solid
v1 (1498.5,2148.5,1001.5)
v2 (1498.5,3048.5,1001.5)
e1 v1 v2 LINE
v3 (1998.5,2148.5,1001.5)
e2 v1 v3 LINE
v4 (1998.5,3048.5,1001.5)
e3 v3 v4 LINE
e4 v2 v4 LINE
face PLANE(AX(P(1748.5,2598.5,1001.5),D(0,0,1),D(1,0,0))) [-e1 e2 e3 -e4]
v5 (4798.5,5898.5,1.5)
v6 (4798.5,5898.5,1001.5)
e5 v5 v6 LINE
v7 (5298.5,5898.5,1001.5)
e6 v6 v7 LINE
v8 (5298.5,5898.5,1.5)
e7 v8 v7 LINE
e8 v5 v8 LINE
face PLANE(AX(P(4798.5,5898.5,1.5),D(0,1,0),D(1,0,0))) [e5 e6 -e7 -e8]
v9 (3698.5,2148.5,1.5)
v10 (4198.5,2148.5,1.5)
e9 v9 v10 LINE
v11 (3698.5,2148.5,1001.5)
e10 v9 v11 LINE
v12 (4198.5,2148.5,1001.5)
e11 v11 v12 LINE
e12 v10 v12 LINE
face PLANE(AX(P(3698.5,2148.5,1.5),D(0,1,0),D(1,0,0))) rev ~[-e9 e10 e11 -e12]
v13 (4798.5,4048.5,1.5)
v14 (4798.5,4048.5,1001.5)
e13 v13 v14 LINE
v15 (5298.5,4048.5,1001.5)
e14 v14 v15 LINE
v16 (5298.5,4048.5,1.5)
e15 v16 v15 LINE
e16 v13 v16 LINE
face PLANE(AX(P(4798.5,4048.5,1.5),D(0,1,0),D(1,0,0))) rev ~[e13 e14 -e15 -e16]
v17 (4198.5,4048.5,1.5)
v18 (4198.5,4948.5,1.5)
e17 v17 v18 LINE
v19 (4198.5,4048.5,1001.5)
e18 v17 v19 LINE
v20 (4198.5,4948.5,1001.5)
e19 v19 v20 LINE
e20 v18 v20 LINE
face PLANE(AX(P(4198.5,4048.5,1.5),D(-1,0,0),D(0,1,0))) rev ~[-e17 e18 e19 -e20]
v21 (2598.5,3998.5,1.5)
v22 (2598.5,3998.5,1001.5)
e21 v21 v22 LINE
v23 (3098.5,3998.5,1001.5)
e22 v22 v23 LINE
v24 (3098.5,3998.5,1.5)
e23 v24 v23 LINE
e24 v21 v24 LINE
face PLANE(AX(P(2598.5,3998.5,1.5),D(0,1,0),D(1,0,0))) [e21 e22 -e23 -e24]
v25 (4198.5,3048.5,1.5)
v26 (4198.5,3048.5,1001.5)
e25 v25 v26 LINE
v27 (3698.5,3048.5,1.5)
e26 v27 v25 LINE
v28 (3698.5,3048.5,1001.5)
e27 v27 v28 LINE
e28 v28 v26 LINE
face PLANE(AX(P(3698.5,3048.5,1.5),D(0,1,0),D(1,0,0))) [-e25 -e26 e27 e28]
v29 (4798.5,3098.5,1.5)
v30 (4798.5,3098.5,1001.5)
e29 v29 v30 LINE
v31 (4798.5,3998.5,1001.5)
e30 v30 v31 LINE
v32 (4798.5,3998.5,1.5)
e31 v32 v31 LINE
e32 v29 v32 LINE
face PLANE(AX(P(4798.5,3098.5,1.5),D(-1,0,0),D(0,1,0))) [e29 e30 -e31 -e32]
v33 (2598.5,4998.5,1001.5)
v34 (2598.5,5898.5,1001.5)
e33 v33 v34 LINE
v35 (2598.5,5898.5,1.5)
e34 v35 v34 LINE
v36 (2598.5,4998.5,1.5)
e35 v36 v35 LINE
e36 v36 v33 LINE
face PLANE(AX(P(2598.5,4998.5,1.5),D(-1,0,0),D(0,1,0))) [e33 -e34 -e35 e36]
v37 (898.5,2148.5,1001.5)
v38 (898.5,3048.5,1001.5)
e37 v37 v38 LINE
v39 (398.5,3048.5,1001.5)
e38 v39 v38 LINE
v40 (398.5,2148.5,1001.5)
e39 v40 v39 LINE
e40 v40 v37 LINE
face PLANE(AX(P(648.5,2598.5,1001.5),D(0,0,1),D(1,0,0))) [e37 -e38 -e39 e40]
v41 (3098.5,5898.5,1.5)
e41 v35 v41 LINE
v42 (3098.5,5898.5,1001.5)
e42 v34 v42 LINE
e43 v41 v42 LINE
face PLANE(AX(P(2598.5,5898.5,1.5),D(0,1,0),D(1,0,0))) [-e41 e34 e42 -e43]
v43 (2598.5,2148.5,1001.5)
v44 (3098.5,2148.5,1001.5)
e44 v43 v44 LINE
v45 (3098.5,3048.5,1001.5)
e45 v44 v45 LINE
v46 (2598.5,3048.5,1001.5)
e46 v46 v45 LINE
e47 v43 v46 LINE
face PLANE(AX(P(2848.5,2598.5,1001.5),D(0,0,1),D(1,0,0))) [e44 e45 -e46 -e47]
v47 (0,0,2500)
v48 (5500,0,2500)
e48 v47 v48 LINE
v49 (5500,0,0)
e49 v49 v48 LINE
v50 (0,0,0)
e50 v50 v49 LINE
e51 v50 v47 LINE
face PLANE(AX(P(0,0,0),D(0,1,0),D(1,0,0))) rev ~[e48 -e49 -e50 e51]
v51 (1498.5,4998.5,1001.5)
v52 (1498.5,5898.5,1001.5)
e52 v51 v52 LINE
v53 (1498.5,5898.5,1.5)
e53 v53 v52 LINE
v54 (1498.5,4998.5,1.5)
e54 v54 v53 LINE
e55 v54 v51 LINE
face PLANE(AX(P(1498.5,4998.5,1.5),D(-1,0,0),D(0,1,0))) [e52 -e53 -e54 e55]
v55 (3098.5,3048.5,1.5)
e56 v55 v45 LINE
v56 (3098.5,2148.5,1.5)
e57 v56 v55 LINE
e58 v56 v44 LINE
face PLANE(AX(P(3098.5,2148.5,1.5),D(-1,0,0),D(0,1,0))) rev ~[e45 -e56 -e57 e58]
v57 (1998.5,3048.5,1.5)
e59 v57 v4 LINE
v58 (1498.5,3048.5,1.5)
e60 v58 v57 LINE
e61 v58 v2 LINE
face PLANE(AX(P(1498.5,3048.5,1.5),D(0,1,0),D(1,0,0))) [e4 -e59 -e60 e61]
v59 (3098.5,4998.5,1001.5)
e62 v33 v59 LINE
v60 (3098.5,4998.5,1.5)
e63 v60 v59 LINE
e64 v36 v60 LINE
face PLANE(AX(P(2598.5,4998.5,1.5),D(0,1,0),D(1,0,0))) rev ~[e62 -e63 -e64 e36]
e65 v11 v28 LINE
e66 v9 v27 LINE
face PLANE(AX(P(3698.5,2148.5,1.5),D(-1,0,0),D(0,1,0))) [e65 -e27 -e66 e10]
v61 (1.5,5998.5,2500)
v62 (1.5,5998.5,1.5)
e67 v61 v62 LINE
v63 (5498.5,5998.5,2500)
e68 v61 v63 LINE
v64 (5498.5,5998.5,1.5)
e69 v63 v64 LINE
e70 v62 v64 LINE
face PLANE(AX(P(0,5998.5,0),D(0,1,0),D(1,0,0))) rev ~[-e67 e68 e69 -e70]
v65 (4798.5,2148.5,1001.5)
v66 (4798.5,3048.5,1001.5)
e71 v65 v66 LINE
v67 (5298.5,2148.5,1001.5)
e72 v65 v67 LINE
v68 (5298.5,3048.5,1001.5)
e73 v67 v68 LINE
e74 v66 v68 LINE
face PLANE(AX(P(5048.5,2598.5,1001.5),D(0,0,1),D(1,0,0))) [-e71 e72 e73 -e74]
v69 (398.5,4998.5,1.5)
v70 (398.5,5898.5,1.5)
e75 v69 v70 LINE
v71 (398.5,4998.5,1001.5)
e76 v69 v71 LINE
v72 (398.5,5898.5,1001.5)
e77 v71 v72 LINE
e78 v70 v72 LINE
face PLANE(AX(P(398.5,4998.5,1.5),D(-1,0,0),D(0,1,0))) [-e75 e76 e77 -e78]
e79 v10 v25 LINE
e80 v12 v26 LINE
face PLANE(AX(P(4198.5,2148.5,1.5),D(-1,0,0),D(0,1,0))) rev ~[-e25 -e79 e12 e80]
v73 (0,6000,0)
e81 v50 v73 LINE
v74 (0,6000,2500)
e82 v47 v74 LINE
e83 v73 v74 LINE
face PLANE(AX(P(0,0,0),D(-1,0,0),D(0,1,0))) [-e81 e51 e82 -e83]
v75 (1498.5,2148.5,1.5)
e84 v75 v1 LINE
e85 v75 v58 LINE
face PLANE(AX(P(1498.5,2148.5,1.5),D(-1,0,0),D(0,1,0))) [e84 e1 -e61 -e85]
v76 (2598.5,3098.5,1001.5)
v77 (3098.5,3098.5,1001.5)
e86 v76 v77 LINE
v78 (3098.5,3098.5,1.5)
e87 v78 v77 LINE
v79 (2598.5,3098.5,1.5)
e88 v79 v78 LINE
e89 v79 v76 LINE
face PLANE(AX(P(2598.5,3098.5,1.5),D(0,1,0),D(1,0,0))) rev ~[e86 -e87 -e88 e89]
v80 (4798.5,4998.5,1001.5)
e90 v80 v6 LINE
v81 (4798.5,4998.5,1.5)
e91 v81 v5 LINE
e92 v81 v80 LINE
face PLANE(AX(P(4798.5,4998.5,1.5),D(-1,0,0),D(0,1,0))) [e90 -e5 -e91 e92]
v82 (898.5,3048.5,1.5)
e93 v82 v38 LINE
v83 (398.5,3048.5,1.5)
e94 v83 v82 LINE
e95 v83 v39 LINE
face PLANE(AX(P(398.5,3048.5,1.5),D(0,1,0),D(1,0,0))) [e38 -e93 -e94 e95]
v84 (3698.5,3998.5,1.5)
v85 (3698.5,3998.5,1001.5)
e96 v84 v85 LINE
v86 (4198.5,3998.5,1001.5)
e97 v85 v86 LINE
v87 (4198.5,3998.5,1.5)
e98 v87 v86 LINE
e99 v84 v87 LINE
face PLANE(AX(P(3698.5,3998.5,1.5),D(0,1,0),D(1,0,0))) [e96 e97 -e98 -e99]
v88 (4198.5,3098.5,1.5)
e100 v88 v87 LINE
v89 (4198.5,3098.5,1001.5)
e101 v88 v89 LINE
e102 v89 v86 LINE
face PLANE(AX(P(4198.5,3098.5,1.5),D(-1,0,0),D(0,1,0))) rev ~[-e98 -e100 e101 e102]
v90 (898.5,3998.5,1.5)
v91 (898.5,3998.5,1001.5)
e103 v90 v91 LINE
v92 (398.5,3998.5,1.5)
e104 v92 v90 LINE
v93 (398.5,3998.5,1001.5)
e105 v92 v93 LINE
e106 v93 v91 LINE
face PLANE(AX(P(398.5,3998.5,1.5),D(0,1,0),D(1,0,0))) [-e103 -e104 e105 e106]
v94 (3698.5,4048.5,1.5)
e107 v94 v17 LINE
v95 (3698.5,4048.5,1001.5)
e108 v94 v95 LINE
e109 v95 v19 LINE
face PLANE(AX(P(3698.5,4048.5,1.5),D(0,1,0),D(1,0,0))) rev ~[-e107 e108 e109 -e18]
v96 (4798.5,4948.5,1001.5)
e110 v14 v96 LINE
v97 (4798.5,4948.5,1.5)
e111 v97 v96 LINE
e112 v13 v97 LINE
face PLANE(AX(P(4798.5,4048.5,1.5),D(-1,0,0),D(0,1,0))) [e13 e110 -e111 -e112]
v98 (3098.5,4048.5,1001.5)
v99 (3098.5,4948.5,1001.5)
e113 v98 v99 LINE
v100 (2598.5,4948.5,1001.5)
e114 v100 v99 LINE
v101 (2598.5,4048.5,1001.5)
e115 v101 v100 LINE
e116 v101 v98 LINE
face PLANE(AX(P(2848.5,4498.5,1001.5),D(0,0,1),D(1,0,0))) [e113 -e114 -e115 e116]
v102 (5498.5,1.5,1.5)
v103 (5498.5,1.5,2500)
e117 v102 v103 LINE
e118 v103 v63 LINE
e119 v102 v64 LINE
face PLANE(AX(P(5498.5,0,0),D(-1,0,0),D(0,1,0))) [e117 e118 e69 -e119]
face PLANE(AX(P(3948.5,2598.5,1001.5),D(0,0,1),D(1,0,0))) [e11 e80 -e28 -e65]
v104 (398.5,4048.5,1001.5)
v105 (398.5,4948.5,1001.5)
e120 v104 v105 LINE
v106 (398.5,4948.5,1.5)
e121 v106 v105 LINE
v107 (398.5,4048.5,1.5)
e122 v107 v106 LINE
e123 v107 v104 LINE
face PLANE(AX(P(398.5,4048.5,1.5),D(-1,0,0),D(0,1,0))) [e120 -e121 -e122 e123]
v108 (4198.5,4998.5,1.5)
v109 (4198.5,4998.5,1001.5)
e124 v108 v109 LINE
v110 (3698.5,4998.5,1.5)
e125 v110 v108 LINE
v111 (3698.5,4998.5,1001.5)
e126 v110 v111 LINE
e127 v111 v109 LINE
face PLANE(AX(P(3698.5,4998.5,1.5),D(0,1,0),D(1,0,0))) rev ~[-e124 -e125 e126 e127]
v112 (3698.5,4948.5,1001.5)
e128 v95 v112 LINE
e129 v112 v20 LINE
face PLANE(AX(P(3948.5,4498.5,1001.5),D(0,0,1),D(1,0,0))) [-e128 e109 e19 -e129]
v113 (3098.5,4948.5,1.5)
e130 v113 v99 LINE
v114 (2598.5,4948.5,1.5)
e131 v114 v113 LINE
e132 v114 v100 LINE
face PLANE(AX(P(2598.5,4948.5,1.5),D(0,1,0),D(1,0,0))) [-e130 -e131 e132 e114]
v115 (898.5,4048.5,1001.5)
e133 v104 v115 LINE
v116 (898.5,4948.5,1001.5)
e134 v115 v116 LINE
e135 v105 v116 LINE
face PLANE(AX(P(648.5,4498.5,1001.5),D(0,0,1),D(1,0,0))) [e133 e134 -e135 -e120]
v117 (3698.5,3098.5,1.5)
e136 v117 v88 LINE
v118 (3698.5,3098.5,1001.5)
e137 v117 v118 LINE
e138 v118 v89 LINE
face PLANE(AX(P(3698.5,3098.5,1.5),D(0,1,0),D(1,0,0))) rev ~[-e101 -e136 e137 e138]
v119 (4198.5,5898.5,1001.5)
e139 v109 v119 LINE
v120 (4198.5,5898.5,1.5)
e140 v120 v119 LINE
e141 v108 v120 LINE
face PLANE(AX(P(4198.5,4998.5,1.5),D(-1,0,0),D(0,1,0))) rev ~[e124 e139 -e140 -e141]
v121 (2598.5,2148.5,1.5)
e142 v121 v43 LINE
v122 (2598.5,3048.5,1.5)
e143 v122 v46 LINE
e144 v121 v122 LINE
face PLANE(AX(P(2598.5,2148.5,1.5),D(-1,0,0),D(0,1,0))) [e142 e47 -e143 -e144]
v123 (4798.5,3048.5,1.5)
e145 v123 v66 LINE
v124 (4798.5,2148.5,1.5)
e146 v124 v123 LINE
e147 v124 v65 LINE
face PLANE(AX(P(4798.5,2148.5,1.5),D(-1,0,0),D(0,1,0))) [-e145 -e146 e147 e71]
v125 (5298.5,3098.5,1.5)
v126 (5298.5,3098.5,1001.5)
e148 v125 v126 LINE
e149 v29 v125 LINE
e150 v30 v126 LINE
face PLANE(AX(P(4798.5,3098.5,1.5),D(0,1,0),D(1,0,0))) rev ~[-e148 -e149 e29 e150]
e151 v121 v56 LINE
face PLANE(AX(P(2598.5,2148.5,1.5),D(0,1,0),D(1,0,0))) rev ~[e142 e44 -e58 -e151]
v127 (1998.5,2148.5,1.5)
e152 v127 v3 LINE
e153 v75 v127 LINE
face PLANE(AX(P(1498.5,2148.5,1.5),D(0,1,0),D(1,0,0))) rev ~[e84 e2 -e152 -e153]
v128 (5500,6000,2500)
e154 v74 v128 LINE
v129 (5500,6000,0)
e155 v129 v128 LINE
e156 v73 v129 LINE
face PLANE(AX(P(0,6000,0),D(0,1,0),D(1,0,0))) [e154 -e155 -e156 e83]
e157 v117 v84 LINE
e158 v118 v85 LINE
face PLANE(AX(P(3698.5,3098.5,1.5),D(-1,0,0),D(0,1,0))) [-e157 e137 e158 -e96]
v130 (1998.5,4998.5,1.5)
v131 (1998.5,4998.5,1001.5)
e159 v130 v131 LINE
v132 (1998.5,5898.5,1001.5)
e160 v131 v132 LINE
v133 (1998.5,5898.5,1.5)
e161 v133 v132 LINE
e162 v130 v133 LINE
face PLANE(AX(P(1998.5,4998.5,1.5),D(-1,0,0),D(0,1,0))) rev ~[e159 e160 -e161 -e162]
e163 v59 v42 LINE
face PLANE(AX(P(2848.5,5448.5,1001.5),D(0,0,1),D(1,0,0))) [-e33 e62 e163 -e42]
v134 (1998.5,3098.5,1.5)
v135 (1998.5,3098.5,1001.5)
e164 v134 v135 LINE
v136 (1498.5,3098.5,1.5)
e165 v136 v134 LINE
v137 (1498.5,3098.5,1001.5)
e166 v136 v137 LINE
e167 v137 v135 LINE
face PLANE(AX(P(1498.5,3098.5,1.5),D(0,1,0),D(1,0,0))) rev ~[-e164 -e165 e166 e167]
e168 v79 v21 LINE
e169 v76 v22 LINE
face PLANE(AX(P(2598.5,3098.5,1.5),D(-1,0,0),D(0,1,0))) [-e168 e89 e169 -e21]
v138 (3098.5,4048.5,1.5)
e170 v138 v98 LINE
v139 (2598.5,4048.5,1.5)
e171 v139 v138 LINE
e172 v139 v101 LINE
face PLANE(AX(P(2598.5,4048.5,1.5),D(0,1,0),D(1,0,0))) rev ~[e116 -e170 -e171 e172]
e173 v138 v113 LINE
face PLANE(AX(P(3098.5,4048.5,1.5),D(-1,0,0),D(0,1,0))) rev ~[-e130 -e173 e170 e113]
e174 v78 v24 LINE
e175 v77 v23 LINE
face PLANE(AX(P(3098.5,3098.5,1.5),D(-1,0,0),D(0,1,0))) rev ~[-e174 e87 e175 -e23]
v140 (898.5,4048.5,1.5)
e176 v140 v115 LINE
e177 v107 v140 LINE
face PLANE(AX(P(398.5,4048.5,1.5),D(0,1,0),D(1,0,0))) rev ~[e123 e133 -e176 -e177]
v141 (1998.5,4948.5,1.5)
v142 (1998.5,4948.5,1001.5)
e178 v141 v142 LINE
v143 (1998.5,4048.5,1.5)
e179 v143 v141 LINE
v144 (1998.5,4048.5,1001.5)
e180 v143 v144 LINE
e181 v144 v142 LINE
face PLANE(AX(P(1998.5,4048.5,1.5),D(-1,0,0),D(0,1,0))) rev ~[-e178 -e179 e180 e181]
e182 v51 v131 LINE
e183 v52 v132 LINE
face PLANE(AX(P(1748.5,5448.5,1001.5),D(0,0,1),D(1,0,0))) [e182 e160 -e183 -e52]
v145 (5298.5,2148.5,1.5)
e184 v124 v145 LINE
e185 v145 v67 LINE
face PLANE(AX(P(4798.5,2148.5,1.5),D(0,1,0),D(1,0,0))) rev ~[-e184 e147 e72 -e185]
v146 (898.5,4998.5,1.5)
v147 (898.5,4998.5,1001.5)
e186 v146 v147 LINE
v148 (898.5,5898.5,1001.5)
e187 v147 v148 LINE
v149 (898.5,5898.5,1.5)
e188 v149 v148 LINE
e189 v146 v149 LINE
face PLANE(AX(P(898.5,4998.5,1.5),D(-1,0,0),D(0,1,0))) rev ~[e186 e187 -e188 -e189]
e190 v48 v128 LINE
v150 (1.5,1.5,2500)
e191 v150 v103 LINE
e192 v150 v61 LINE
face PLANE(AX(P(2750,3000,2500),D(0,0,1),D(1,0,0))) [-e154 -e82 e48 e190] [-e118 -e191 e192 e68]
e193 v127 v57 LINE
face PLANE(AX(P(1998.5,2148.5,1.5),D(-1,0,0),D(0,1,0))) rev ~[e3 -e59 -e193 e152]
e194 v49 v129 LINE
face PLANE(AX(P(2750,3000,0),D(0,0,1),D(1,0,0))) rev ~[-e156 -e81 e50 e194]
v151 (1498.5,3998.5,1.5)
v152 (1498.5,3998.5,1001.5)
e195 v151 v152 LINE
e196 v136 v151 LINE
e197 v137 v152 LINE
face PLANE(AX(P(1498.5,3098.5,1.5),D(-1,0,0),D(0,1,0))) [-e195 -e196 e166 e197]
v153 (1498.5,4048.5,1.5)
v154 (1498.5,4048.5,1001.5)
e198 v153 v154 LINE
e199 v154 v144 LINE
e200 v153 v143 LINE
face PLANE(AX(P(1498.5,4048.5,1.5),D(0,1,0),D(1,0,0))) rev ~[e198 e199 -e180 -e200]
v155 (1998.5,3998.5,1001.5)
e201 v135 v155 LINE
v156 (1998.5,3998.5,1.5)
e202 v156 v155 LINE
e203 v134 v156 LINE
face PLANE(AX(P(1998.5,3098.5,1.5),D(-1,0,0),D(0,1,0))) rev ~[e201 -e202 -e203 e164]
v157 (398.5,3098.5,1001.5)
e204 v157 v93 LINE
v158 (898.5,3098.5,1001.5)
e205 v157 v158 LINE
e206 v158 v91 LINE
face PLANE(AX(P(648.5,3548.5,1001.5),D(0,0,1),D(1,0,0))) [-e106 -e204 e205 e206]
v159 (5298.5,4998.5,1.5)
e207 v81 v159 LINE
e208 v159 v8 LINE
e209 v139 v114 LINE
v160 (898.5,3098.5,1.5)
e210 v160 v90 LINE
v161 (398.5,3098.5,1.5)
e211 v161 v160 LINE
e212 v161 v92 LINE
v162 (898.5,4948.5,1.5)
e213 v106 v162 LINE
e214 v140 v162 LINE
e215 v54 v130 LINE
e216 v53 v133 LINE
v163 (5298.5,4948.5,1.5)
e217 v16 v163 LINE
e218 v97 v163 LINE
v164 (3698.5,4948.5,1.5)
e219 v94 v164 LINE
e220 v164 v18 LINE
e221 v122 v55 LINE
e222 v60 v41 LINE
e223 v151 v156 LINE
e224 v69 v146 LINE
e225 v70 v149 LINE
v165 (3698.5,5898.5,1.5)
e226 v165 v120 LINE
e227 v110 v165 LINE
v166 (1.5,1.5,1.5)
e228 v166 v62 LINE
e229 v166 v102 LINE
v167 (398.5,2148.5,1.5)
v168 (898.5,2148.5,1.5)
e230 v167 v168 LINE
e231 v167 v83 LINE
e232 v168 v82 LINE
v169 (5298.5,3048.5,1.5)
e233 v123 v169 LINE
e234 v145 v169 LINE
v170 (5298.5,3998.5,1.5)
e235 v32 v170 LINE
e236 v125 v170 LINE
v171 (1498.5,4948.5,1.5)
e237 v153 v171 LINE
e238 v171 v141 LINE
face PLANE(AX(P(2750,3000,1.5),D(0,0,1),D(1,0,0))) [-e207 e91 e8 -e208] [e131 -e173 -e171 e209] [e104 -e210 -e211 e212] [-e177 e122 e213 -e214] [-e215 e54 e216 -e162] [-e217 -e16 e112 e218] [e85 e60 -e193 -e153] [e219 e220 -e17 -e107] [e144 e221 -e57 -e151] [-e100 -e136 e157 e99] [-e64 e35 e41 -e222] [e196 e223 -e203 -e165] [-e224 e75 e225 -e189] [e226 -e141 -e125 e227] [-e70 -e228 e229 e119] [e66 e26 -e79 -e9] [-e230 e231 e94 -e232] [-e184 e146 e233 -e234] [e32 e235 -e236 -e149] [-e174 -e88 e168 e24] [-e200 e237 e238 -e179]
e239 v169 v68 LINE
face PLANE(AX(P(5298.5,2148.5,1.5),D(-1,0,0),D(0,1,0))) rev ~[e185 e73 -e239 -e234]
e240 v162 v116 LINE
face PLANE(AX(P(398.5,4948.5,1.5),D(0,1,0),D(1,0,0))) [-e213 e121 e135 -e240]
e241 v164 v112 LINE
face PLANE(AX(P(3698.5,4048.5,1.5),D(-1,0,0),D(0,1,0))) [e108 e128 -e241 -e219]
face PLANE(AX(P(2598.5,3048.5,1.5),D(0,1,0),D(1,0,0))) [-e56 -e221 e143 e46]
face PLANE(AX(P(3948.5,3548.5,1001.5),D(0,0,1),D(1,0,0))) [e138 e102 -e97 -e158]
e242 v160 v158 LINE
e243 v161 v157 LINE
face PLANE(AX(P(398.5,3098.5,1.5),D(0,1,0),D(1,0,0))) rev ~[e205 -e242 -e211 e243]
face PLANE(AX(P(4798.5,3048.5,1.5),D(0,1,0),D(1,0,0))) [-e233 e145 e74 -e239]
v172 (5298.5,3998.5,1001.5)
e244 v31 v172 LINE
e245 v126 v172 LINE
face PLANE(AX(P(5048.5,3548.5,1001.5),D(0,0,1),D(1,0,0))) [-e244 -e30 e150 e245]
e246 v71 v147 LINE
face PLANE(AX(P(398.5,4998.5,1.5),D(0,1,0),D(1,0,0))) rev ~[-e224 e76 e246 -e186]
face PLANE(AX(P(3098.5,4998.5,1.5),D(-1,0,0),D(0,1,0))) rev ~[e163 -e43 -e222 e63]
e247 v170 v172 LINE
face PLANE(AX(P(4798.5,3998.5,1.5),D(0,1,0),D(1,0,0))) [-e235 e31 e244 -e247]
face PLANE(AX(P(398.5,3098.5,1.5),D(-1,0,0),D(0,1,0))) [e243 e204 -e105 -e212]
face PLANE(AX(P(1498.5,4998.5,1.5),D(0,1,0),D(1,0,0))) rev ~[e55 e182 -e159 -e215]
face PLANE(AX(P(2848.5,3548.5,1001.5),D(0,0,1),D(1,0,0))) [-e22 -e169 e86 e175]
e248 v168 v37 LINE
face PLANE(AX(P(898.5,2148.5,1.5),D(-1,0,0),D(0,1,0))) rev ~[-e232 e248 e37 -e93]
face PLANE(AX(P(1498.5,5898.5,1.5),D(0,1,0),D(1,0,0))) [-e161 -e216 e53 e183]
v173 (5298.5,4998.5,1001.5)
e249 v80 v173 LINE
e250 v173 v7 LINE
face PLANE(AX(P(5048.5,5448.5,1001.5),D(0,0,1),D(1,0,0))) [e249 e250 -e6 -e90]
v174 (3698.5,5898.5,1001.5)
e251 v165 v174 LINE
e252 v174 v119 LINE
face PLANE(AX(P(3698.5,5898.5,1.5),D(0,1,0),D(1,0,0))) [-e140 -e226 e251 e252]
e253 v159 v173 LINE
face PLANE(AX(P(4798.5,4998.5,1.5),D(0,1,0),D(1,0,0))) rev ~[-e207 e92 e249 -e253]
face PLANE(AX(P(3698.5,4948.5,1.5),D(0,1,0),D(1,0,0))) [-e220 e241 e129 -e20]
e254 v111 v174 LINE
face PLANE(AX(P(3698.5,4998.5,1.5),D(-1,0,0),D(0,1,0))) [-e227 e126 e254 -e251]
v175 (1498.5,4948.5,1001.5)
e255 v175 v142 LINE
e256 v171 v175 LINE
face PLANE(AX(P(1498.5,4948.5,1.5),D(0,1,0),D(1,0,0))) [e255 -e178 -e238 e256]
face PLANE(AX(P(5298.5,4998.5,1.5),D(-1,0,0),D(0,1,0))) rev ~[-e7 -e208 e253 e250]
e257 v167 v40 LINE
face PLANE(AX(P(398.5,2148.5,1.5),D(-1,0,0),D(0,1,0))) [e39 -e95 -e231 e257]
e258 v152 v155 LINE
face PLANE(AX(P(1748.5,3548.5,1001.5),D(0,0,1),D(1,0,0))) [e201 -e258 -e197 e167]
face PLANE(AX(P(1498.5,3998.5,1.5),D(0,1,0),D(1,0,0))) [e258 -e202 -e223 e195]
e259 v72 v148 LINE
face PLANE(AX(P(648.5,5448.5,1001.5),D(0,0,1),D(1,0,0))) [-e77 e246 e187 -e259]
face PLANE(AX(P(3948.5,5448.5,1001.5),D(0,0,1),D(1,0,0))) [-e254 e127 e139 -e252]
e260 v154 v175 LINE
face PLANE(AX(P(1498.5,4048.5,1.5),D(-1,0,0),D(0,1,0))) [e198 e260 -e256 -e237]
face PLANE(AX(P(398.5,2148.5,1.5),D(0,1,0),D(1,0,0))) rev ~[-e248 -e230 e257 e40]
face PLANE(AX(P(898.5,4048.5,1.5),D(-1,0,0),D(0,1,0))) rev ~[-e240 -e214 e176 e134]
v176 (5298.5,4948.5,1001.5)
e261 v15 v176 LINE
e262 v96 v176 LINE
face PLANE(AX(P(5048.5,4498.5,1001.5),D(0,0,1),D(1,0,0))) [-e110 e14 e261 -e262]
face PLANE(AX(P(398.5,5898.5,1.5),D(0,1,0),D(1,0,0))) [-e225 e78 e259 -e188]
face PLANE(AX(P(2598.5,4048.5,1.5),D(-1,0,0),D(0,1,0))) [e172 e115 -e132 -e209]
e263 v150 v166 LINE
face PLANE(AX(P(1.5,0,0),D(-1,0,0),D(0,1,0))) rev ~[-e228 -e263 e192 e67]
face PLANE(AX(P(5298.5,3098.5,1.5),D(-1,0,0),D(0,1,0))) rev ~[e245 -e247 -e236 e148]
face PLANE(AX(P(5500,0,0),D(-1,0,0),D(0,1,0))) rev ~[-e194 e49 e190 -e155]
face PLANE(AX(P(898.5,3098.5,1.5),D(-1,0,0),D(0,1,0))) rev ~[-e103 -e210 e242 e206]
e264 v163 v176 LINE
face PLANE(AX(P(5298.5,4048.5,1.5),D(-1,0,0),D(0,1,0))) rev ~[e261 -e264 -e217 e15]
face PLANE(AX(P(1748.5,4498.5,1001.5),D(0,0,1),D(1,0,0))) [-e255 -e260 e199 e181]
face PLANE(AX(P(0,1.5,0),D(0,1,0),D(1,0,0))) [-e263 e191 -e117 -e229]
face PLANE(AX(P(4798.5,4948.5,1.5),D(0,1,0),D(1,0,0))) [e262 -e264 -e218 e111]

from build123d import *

# Parameters (mm, degrees)
F0_W     = 5500
F0_H     = 6000
F1_DEPTH = 2500
F2_T     = -1.5
F3_W     = 500
F3_H     = 900
F4_DEPTH = 1000


with BuildPart() as f1:
    # F0 (on Top) → F1 (new body)
    with BuildSketch(Plane.XY):
        with Locations((2750, 3000)):
            Rectangle(F0_W, F0_H)
    extrude(amount=F1_DEPTH)

    # F2
    f2_openings = [f1.faces().sort_by_distance(p)[0] for p in [
        (2750, 3000, 2500),
    ]]
    offset(amount=F2_T, openings=f2_openings)

    # F3 (on face) → F4 (join)
    with BuildSketch(Plane.XY.offset(1.5)):
        with Locations((5048.5, 5448.5)):
            Rectangle(F3_W, F3_H)
        with Locations((5048.5, 4498.5)):
            Rectangle(F3_W, F3_H)
        with Locations((5048.5, 3548.5)):
            Rectangle(F3_W, F3_H)
        with Locations((5048.5, 2598.5)):
            Rectangle(F3_W, F3_H)
        with Locations((3948.5, 5448.5)):
            Rectangle(F3_W, F3_H)
        with Locations((3948.5, 4498.5)):
            Rectangle(F3_W, F3_H)
        with Locations((3948.5, 3548.5)):
            Rectangle(F3_W, F3_H)
        with Locations((3948.5, 2598.5)):
            Rectangle(F3_W, F3_H)
        with Locations((2848.5, 5448.5)):
            Rectangle(F3_W, F3_H)
        with Locations((2848.5, 4498.5)):
            Rectangle(F3_W, F3_H)
        with Locations((2848.5, 3548.5)):
            Rectangle(F3_W, F3_H)
        with Locations((2848.5, 2598.5)):
            Rectangle(F3_W, F3_H)
        with Locations((1748.5, 5448.5)):
            Rectangle(F3_W, F3_H)
        with Locations((1748.5, 4498.5)):
            Rectangle(F3_W, F3_H)
        with Locations((1748.5, 3548.5)):
            Rectangle(F3_W, F3_H)
        with Locations((1748.5, 2598.5)):
            Rectangle(F3_W, F3_H)
        with Locations((648.5, 5448.5)):
            Rectangle(F3_W, F3_H)
        with Locations((648.5, 4498.5)):
            Rectangle(F3_W, F3_H)
        with Locations((648.5, 3548.5)):
            Rectangle(F3_W, F3_H)
        with Locations((648.5, 2598.5)):
            Rectangle(F3_W, F3_H)
    extrude(amount=F4_DEPTH)


solid = f1.part
